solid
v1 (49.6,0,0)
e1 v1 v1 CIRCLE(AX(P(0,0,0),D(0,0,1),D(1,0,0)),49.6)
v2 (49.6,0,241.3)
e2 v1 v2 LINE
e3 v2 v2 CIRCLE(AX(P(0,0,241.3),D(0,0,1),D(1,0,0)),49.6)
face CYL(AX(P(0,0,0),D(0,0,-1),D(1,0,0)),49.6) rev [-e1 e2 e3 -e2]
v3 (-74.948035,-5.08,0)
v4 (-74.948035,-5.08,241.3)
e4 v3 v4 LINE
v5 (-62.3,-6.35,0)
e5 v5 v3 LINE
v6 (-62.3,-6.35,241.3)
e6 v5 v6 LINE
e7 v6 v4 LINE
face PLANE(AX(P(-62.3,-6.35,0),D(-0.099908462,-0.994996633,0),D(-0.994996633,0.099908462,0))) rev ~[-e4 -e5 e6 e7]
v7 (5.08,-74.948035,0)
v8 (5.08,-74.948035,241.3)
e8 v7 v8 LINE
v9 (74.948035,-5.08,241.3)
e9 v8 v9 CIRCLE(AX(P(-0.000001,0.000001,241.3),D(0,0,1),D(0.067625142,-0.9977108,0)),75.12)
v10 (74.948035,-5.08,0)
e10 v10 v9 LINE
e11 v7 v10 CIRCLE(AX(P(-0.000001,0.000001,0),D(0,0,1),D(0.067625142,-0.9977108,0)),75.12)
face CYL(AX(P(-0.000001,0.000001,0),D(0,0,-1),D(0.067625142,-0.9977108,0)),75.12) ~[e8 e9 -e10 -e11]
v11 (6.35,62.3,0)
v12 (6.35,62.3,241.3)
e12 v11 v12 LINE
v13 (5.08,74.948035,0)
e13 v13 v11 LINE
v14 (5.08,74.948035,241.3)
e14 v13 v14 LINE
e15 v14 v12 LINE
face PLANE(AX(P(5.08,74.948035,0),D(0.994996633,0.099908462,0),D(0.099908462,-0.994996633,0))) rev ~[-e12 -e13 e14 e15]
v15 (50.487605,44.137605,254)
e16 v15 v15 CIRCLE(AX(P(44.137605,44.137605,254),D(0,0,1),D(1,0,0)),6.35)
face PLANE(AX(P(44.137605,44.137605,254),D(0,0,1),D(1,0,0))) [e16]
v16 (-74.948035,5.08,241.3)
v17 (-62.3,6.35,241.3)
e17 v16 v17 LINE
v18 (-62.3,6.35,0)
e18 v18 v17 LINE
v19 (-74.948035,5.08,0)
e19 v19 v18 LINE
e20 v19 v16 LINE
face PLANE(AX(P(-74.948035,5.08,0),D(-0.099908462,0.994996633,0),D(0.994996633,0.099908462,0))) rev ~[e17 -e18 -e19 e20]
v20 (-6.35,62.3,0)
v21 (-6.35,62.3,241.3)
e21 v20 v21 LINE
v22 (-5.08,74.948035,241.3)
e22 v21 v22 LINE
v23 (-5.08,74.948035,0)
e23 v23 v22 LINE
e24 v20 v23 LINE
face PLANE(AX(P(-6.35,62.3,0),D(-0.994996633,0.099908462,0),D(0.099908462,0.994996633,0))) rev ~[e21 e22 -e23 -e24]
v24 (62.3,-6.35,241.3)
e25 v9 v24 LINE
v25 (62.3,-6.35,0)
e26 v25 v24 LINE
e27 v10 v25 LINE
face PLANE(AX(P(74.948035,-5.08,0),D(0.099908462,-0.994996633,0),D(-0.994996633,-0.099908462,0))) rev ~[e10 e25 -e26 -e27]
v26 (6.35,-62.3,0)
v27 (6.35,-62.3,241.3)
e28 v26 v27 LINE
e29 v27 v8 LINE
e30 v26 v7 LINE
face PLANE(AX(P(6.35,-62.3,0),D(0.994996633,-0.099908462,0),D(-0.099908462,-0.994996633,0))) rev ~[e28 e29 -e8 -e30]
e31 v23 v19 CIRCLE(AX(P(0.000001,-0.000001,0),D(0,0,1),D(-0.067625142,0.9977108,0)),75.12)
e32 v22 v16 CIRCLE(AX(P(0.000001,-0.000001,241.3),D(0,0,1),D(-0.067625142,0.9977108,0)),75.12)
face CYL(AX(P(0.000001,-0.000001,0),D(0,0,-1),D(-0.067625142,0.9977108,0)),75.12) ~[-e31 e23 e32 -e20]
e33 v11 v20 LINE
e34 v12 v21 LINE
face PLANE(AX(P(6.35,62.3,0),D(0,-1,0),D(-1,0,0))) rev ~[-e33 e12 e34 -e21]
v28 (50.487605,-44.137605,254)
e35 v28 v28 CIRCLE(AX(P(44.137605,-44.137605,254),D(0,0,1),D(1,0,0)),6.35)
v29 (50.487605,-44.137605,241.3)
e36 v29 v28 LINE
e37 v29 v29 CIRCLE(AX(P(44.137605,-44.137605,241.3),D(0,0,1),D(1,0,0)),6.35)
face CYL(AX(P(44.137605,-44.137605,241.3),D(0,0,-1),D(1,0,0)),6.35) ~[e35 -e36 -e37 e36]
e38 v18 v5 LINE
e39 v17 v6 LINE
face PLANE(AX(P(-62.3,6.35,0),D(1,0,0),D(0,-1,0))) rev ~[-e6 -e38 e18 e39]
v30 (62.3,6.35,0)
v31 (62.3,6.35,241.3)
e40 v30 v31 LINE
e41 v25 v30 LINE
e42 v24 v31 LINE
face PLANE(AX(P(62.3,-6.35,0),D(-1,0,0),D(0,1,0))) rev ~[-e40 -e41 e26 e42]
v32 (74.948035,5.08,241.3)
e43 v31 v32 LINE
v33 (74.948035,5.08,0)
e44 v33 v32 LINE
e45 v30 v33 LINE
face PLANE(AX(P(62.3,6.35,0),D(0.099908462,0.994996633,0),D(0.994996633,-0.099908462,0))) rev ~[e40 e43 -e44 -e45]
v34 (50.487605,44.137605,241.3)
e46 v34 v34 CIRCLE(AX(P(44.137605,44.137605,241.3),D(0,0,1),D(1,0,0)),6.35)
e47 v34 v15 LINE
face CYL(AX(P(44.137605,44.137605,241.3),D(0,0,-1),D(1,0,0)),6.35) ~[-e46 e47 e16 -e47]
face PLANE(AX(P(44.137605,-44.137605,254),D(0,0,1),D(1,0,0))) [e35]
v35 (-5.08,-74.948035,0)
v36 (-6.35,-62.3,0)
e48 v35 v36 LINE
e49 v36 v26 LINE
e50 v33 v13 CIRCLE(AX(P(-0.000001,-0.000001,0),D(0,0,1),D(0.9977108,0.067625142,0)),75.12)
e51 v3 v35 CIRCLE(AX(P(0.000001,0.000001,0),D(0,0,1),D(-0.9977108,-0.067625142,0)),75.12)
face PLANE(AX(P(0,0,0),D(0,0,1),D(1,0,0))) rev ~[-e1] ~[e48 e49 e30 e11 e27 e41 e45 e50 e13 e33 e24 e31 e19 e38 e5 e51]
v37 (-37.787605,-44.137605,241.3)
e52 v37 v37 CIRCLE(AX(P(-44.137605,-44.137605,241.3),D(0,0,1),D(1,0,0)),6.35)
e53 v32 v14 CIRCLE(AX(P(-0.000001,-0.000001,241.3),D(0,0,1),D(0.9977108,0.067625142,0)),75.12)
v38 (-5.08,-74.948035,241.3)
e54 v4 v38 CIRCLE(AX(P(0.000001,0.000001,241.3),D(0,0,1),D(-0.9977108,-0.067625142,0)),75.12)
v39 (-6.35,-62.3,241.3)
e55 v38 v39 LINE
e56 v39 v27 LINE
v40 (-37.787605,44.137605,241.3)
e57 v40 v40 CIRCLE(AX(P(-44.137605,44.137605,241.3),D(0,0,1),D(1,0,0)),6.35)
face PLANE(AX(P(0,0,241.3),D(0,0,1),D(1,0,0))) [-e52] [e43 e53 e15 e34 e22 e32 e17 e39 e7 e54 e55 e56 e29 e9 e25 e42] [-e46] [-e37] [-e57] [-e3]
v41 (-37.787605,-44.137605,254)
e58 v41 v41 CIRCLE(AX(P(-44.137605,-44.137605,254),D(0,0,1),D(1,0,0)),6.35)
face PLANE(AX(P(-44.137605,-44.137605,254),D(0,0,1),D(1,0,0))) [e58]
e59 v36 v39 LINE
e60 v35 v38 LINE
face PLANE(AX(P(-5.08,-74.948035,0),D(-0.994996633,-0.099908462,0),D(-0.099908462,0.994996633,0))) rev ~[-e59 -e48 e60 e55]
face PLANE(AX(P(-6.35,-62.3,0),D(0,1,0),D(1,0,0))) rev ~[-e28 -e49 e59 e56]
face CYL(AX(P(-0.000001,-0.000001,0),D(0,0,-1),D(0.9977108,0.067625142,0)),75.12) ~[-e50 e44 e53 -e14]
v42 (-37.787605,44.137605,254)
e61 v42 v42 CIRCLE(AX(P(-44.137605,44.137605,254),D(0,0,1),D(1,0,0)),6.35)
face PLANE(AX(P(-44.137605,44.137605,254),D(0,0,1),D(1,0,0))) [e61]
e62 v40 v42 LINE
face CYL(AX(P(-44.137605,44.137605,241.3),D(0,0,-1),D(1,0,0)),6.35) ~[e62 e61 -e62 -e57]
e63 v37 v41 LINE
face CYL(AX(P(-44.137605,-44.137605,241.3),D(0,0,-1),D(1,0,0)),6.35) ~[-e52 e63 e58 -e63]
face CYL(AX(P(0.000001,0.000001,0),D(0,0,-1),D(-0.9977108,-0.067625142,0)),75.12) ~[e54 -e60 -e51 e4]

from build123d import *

# Parameters (mm, degrees)
F0_R     = 49.6
F1_DEPTH = 241.3
F2_R     = 6.35
F3_DEPTH = 12.7


with BuildPart() as f1:
    # F0 (on Top) → F1 (new body)
    with BuildSketch(Plane.XY):
        with BuildLine():
            Line((-62.3, -6.35), (-74.948035, -5.08))
            ThreePointArc((-74.948035, -5.08), (-53.117861, -53.117861), (-5.08, -74.948035))
            Line((-5.08, -74.948035), (-6.35, -62.3))
            Line((-6.35, -62.3), (6.35, -62.3))
            Line((6.35, -62.3), (5.08, -74.948035))
            ThreePointArc((5.08, -74.948035), (53.117861, -53.117861), (74.948035, -5.08))
            Line((74.948035, -5.08), (62.3, -6.35))
            Line((62.3, -6.35), (62.3, 6.35))
            Line((62.3, 6.35), (74.948035, 5.08))
            ThreePointArc((74.948035, 5.08), (53.117861, 53.117861), (5.08, 74.948035))
            Line((5.08, 74.948035), (6.35, 62.3))
            Line((6.35, 62.3), (-6.35, 62.3))
            Line((-6.35, 62.3), (-5.08, 74.948035))
            ThreePointArc((-5.08, 74.948035), (-53.117861, 53.117861), (-74.948035, 5.08))
            Line((-74.948035, 5.08), (-62.3, 6.35))
            Line((-62.3, 6.35), (-62.3, 0))
            Line((-62.3, 0), (-62.3, -6.35))
        make_face()
        Circle(F0_R, mode=Mode.SUBTRACT)
    extrude(amount=F1_DEPTH)

    # F2 (on face) → F3 (join)
    with BuildSketch(Plane.XY.offset(241.3)):
        with Locations((-44.137605, 44.137605)):
            Circle(F2_R)
        with Locations((-44.137605, -44.137605)):
            Circle(F2_R)
        with Locations((44.137605, -44.137605)):
            Circle(F2_R)
        with Locations((44.137605, 44.137605)):
            Circle(F2_R)
    extrude(amount=F3_DEPTH)


solid = f1.part
